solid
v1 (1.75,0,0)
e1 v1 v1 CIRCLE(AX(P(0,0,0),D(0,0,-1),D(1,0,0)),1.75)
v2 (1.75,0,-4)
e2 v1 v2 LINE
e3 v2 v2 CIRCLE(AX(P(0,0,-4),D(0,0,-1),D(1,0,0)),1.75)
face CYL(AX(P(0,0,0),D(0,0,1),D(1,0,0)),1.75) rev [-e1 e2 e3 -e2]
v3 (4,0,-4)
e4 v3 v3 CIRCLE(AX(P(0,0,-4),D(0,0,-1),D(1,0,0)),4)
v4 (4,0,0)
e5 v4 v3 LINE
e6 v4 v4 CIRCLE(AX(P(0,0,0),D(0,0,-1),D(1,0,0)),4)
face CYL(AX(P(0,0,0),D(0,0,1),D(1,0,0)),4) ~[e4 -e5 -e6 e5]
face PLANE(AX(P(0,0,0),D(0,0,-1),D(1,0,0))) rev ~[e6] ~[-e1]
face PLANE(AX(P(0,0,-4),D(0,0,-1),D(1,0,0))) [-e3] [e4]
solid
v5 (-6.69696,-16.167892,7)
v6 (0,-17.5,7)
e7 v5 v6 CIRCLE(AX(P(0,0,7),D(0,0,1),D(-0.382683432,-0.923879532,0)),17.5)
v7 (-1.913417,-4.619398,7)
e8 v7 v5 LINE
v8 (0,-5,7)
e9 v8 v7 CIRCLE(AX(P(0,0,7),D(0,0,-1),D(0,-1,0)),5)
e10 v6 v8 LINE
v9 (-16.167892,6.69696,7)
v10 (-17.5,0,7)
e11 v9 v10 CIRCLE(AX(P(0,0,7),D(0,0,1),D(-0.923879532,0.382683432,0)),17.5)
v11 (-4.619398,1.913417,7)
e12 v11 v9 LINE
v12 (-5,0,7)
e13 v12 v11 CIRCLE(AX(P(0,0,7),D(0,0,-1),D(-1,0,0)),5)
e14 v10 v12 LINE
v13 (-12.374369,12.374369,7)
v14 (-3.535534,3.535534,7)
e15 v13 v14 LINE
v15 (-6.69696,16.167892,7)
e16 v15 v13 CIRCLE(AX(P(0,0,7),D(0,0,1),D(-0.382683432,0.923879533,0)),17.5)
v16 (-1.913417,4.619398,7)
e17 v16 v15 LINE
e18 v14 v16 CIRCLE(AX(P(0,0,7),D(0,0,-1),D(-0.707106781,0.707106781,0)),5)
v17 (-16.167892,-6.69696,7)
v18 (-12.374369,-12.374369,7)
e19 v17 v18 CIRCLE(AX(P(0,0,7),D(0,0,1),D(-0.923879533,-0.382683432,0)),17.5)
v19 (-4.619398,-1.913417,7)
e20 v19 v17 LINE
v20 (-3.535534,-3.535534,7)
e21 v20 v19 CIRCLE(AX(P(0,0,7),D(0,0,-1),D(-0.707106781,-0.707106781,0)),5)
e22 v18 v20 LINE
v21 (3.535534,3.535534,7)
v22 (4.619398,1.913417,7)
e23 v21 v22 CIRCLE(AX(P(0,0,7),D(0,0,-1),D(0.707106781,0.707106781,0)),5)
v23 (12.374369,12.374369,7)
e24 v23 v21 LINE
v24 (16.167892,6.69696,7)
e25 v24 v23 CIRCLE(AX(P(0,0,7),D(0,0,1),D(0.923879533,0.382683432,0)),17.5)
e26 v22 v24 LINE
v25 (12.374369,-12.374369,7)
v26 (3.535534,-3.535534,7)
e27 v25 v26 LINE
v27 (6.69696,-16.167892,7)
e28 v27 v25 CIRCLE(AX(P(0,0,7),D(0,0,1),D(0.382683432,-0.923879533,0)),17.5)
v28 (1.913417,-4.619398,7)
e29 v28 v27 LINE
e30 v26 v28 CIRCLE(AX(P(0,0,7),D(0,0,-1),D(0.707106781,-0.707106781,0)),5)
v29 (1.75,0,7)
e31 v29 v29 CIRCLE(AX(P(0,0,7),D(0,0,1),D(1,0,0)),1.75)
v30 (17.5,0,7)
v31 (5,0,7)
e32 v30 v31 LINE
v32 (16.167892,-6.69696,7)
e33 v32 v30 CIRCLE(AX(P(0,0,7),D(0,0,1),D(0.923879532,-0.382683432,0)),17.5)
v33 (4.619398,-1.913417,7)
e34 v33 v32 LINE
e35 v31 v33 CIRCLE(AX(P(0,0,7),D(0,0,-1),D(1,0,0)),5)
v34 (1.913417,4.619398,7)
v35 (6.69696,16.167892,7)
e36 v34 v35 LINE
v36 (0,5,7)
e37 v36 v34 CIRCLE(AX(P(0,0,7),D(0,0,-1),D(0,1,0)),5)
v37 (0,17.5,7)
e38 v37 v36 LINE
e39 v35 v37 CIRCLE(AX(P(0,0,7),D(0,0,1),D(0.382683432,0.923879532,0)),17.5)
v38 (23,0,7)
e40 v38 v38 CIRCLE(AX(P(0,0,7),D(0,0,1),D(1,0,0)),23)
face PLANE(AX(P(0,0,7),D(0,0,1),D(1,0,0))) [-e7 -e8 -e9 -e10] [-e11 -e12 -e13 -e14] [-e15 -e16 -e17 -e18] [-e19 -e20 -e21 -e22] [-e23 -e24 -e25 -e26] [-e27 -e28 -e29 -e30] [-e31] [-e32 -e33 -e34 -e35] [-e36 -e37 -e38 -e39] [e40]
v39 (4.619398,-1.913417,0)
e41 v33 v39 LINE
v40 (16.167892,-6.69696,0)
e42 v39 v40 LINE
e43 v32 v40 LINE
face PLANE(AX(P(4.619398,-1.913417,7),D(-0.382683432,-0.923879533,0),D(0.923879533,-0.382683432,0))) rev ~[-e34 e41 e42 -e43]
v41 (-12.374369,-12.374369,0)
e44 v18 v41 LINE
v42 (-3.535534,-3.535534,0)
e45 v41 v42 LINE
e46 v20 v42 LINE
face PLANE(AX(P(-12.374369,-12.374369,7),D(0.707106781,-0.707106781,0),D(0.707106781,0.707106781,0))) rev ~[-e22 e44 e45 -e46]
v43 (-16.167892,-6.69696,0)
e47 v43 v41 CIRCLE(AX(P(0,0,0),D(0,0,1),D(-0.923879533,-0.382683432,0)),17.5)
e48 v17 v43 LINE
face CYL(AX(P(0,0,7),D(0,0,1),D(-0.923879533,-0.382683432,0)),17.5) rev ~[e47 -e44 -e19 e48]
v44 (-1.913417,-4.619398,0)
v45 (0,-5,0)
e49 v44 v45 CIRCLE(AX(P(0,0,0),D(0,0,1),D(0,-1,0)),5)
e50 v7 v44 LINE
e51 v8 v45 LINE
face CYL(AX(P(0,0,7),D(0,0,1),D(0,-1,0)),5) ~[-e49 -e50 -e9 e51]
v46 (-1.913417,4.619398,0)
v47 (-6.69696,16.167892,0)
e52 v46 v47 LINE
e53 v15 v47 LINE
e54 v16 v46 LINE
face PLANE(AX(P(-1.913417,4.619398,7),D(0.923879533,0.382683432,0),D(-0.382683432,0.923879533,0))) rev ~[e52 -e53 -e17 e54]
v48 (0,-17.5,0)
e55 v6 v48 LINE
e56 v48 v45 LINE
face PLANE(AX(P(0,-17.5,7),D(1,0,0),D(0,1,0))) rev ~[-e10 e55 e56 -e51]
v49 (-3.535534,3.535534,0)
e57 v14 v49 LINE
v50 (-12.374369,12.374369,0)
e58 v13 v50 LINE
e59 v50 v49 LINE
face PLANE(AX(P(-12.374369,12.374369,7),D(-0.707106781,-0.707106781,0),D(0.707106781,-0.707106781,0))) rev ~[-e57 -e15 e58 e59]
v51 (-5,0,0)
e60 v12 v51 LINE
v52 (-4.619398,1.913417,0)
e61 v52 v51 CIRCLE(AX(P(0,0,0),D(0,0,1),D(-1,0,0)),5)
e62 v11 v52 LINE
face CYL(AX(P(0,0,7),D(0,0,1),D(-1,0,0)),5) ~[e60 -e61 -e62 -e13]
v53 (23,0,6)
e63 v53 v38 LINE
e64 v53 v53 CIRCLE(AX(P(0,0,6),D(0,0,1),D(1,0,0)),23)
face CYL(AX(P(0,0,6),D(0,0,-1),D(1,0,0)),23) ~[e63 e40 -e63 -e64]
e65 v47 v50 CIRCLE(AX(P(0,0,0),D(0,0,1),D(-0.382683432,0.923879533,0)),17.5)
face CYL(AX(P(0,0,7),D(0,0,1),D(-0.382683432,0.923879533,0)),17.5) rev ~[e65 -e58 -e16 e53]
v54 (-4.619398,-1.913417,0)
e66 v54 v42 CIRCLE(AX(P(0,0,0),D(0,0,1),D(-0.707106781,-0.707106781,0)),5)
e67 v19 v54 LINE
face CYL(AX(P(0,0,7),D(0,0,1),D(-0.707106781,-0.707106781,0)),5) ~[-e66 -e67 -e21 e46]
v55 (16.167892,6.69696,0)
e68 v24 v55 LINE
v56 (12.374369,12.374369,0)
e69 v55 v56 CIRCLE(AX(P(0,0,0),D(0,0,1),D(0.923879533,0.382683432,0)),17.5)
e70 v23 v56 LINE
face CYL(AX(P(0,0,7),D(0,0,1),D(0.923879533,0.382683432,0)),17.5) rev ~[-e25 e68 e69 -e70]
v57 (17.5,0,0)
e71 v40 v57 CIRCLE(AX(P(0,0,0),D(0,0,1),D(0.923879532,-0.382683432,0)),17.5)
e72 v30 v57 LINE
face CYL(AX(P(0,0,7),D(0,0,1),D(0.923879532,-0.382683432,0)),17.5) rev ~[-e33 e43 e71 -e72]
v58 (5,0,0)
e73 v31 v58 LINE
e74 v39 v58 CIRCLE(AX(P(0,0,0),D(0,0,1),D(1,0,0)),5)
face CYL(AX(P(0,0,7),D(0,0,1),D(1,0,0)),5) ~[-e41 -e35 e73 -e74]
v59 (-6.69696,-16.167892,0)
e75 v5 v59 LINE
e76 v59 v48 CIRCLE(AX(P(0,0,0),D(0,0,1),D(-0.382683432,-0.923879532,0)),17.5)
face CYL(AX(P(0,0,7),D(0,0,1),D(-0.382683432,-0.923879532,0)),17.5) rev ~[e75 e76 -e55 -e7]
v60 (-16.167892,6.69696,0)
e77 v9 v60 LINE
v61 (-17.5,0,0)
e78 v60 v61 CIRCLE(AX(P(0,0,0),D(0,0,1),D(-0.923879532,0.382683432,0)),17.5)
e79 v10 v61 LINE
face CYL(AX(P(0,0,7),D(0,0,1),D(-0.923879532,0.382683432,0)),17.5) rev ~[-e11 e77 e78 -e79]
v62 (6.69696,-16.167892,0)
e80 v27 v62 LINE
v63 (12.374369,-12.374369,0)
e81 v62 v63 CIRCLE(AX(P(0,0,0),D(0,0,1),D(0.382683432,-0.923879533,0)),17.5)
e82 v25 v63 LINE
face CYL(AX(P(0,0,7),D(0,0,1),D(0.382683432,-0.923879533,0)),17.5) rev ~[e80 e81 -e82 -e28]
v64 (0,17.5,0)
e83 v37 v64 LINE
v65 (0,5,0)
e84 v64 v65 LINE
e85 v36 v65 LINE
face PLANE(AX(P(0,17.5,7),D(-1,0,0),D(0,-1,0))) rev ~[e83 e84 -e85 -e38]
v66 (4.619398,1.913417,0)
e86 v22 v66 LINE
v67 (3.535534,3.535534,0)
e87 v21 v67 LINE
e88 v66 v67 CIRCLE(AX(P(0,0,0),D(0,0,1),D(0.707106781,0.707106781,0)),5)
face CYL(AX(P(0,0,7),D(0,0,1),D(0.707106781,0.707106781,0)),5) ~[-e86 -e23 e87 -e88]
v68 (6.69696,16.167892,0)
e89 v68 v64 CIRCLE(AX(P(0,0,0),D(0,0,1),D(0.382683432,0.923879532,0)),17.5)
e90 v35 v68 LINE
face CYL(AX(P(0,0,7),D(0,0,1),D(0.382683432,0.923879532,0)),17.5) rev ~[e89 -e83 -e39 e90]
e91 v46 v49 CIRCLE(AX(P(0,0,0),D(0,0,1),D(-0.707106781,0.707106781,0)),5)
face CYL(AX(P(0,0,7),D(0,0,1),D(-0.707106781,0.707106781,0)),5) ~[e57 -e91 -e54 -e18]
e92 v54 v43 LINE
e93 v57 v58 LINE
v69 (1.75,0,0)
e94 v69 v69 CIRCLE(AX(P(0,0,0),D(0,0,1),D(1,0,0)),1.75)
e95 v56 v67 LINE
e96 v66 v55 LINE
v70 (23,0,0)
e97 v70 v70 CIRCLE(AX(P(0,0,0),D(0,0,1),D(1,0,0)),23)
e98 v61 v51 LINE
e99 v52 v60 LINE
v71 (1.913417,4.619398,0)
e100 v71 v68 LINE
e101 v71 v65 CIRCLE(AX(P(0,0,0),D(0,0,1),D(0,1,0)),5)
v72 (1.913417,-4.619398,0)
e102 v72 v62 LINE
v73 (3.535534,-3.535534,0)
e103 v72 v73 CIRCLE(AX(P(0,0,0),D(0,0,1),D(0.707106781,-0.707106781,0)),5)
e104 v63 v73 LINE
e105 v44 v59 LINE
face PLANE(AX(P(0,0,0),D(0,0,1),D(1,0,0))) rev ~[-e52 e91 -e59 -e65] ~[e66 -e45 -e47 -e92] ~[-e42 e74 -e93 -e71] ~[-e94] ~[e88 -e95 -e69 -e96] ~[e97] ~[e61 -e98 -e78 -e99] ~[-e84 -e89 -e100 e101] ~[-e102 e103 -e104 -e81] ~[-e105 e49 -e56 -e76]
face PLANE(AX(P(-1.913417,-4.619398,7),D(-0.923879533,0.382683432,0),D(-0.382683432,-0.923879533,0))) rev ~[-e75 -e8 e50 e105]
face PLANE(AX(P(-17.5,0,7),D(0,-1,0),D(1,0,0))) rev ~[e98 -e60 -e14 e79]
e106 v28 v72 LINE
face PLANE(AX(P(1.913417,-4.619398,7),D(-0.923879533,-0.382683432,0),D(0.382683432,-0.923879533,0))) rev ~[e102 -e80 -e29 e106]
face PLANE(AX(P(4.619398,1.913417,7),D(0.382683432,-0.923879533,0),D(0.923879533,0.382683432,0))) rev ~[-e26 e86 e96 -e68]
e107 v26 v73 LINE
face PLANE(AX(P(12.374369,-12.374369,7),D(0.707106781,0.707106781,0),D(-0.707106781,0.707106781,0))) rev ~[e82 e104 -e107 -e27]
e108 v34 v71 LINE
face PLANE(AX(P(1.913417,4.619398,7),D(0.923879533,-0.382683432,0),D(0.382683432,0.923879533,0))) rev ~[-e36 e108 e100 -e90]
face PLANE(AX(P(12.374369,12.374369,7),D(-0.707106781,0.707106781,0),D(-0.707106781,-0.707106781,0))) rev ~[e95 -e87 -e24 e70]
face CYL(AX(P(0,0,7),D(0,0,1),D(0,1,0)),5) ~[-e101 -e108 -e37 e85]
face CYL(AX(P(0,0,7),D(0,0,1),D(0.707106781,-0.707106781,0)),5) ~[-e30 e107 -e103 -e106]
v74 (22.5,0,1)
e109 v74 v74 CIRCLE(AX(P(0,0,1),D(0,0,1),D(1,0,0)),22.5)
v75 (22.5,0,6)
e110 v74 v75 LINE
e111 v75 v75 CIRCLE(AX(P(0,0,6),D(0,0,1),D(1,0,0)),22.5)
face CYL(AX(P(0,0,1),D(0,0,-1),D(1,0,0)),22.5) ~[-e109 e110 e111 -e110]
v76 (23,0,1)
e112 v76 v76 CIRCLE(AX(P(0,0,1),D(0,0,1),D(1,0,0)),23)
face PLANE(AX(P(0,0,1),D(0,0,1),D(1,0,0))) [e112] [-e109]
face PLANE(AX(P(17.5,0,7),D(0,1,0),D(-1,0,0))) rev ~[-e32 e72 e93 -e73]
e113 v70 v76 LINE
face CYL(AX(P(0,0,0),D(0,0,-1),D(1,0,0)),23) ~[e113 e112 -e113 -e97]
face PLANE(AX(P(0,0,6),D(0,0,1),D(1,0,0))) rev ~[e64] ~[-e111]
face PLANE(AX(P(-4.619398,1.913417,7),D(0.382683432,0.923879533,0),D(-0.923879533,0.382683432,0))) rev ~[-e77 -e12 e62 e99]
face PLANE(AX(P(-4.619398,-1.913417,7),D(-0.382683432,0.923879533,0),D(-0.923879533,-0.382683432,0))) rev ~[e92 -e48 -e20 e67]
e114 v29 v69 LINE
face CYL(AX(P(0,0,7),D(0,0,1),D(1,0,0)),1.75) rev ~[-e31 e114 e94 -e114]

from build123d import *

# Parameters (mm, degrees)
F0_R      = 23
F1_DEPTH  = 1
F2_R      = 22.5
F3_DEPTH  = 5
F4_R      = 23
F4_R_2    = 22.5
F5_DEPTH  = 1
F6_R      = 1.75
F7_DEPTH  = 25
F9_DEPTH  = 10
F10_R     = 4
F10_R_2   = 1.75
F11_DEPTH = 4


with BuildPart() as f1:
    # F0 (on Top) → F1 (new body)
    with BuildSketch(Plane.XY):
        Circle(F0_R)
    extrude(amount=F1_DEPTH)

    # F2 (on face) → F3 (join)
    with BuildSketch(Plane.XY.offset(1)):
        Circle(F2_R)
    extrude(amount=F3_DEPTH)

    # F4 (on face) → F5 (join)
    with BuildSketch(Plane.XY.offset(6)):
        Circle(F4_R)
        Circle(F4_R_2, mode=Mode.SUBTRACT)
        Circle(F4_R_2)
    extrude(amount=F5_DEPTH)

    # F6 (on face) → F7 (cut)
    with BuildSketch(Plane.XY.offset(7)):
        Circle(F6_R)
    extrude(amount=-F7_DEPTH, mode=Mode.SUBTRACT)

    # F8 (on face) → F9 (cut)
    with BuildSketch(Plane.XY.offset(7)):
        with BuildLine():
            ThreePointArc((0, 5), (0.9754516101, 4.903926402), (1.9134171618, 4.6193976626))
            Line((1.9134171618, 4.6193976626), (6.6969600664, 16.1678918189))
            ThreePointArc((6.6969600664, 16.1678918189), (3.4140806353, 17.1637424071), (0, 17.5))
            Line((0, 17.5), (0, 5))
        make_face()
        with BuildLine():
            ThreePointArc((3.5355339059, 3.5355339059), (4.1573480615, 2.7778511651), (4.6193976626, 1.9134171618))
            Line((4.6193976626, 1.9134171618), (16.1678918189, 6.6969600664))
            ThreePointArc((16.1678918189, 6.6969600664), (14.5507182153, 9.7224790778), (12.3743686708, 12.3743686708))
            Line((12.3743686708, 12.3743686708), (3.5355339059, 3.5355339059))
        make_face()
        with BuildLine():
            Line((17.5, 0), (5, 0))
            ThreePointArc((5, 0), (4.903926402, -0.9754516101), (4.6193976626, -1.9134171618))
            Line((4.6193976626, -1.9134171618), (16.1678918189, -6.6969600664))
            ThreePointArc((16.1678918189, -6.6969600664), (17.1637424071, -3.4140806353), (17.5, 0))
        make_face()
        with BuildLine():
            Line((12.3743686708, -12.3743686708), (3.5355339059, -3.5355339059))
            ThreePointArc((3.5355339059, -3.5355339059), (2.7778511651, -4.1573480615), (1.9134171618, -4.6193976626))
            Line((1.9134171618, -4.6193976626), (6.6969600664, -16.1678918189))
            ThreePointArc((6.6969600664, -16.1678918189), (9.7224790778, -14.5507182153), (12.3743686708, -12.3743686708))
        make_face()
        with BuildLine():
            Line((0, -17.5), (0, -5))
            ThreePointArc((0, -5), (-0.9754516101, -4.903926402), (-1.9134171618, -4.6193976626))
            Line((-1.9134171618, -4.6193976626), (-6.6969600664, -16.1678918189))
            ThreePointArc((-6.6969600664, -16.1678918189), (-3.4140806353, -17.1637424071), (0, -17.5))
        make_face()
        with BuildLine():
            ThreePointArc((-3.5355339059, -3.5355339059), (-4.1573480615, -2.7778511651), (-4.6193976626, -1.9134171618))
            Line((-4.6193976626, -1.9134171618), (-16.1678918189, -6.6969600664))
            ThreePointArc((-16.1678918189, -6.6969600664), (-14.5507182153, -9.7224790778), (-12.3743686708, -12.3743686708))
            Line((-12.3743686708, -12.3743686708), (-3.5355339059, -3.5355339059))
        make_face()
        with BuildLine():
            ThreePointArc((-5, 0), (-4.903926402, 0.9754516101), (-4.6193976626, 1.9134171618))
            Line((-4.6193976626, 1.9134171618), (-16.1678918189, 6.6969600664))
            ThreePointArc((-16.1678918189, 6.6969600664), (-17.1637424071, 3.4140806353), (-17.5, 0))
            Line((-17.5, 0), (-5, 0))
        make_face()
        with BuildLine():
            ThreePointArc((-3.5355339059, 3.5355339059), (-2.7778511651, 4.1573480615), (-1.9134171618, 4.6193976626))
            Line((-1.9134171618, 4.6193976626), (-6.6969600664, 16.1678918189))
            ThreePointArc((-6.6969600664, 16.1678918189), (-9.7224790778, 14.5507182153), (-12.3743686708, 12.3743686708))
            Line((-12.3743686708, 12.3743686708), (-3.5355339059, 3.5355339059))
        make_face()
    extrude(amount=-F9_DEPTH, mode=Mode.SUBTRACT)


with BuildPart() as f11:
    # F10 (on face) → F11 (new body)
    with BuildSketch(Plane(origin=(0, 0, 0), x_dir=(1, 0, 0), z_dir=(0, 0, -1))):
        Circle(F10_R)
        Circle(F10_R_2, mode=Mode.SUBTRACT)
    extrude(amount=F11_DEPTH)


solid = Compound([f1.part, f11.part])
